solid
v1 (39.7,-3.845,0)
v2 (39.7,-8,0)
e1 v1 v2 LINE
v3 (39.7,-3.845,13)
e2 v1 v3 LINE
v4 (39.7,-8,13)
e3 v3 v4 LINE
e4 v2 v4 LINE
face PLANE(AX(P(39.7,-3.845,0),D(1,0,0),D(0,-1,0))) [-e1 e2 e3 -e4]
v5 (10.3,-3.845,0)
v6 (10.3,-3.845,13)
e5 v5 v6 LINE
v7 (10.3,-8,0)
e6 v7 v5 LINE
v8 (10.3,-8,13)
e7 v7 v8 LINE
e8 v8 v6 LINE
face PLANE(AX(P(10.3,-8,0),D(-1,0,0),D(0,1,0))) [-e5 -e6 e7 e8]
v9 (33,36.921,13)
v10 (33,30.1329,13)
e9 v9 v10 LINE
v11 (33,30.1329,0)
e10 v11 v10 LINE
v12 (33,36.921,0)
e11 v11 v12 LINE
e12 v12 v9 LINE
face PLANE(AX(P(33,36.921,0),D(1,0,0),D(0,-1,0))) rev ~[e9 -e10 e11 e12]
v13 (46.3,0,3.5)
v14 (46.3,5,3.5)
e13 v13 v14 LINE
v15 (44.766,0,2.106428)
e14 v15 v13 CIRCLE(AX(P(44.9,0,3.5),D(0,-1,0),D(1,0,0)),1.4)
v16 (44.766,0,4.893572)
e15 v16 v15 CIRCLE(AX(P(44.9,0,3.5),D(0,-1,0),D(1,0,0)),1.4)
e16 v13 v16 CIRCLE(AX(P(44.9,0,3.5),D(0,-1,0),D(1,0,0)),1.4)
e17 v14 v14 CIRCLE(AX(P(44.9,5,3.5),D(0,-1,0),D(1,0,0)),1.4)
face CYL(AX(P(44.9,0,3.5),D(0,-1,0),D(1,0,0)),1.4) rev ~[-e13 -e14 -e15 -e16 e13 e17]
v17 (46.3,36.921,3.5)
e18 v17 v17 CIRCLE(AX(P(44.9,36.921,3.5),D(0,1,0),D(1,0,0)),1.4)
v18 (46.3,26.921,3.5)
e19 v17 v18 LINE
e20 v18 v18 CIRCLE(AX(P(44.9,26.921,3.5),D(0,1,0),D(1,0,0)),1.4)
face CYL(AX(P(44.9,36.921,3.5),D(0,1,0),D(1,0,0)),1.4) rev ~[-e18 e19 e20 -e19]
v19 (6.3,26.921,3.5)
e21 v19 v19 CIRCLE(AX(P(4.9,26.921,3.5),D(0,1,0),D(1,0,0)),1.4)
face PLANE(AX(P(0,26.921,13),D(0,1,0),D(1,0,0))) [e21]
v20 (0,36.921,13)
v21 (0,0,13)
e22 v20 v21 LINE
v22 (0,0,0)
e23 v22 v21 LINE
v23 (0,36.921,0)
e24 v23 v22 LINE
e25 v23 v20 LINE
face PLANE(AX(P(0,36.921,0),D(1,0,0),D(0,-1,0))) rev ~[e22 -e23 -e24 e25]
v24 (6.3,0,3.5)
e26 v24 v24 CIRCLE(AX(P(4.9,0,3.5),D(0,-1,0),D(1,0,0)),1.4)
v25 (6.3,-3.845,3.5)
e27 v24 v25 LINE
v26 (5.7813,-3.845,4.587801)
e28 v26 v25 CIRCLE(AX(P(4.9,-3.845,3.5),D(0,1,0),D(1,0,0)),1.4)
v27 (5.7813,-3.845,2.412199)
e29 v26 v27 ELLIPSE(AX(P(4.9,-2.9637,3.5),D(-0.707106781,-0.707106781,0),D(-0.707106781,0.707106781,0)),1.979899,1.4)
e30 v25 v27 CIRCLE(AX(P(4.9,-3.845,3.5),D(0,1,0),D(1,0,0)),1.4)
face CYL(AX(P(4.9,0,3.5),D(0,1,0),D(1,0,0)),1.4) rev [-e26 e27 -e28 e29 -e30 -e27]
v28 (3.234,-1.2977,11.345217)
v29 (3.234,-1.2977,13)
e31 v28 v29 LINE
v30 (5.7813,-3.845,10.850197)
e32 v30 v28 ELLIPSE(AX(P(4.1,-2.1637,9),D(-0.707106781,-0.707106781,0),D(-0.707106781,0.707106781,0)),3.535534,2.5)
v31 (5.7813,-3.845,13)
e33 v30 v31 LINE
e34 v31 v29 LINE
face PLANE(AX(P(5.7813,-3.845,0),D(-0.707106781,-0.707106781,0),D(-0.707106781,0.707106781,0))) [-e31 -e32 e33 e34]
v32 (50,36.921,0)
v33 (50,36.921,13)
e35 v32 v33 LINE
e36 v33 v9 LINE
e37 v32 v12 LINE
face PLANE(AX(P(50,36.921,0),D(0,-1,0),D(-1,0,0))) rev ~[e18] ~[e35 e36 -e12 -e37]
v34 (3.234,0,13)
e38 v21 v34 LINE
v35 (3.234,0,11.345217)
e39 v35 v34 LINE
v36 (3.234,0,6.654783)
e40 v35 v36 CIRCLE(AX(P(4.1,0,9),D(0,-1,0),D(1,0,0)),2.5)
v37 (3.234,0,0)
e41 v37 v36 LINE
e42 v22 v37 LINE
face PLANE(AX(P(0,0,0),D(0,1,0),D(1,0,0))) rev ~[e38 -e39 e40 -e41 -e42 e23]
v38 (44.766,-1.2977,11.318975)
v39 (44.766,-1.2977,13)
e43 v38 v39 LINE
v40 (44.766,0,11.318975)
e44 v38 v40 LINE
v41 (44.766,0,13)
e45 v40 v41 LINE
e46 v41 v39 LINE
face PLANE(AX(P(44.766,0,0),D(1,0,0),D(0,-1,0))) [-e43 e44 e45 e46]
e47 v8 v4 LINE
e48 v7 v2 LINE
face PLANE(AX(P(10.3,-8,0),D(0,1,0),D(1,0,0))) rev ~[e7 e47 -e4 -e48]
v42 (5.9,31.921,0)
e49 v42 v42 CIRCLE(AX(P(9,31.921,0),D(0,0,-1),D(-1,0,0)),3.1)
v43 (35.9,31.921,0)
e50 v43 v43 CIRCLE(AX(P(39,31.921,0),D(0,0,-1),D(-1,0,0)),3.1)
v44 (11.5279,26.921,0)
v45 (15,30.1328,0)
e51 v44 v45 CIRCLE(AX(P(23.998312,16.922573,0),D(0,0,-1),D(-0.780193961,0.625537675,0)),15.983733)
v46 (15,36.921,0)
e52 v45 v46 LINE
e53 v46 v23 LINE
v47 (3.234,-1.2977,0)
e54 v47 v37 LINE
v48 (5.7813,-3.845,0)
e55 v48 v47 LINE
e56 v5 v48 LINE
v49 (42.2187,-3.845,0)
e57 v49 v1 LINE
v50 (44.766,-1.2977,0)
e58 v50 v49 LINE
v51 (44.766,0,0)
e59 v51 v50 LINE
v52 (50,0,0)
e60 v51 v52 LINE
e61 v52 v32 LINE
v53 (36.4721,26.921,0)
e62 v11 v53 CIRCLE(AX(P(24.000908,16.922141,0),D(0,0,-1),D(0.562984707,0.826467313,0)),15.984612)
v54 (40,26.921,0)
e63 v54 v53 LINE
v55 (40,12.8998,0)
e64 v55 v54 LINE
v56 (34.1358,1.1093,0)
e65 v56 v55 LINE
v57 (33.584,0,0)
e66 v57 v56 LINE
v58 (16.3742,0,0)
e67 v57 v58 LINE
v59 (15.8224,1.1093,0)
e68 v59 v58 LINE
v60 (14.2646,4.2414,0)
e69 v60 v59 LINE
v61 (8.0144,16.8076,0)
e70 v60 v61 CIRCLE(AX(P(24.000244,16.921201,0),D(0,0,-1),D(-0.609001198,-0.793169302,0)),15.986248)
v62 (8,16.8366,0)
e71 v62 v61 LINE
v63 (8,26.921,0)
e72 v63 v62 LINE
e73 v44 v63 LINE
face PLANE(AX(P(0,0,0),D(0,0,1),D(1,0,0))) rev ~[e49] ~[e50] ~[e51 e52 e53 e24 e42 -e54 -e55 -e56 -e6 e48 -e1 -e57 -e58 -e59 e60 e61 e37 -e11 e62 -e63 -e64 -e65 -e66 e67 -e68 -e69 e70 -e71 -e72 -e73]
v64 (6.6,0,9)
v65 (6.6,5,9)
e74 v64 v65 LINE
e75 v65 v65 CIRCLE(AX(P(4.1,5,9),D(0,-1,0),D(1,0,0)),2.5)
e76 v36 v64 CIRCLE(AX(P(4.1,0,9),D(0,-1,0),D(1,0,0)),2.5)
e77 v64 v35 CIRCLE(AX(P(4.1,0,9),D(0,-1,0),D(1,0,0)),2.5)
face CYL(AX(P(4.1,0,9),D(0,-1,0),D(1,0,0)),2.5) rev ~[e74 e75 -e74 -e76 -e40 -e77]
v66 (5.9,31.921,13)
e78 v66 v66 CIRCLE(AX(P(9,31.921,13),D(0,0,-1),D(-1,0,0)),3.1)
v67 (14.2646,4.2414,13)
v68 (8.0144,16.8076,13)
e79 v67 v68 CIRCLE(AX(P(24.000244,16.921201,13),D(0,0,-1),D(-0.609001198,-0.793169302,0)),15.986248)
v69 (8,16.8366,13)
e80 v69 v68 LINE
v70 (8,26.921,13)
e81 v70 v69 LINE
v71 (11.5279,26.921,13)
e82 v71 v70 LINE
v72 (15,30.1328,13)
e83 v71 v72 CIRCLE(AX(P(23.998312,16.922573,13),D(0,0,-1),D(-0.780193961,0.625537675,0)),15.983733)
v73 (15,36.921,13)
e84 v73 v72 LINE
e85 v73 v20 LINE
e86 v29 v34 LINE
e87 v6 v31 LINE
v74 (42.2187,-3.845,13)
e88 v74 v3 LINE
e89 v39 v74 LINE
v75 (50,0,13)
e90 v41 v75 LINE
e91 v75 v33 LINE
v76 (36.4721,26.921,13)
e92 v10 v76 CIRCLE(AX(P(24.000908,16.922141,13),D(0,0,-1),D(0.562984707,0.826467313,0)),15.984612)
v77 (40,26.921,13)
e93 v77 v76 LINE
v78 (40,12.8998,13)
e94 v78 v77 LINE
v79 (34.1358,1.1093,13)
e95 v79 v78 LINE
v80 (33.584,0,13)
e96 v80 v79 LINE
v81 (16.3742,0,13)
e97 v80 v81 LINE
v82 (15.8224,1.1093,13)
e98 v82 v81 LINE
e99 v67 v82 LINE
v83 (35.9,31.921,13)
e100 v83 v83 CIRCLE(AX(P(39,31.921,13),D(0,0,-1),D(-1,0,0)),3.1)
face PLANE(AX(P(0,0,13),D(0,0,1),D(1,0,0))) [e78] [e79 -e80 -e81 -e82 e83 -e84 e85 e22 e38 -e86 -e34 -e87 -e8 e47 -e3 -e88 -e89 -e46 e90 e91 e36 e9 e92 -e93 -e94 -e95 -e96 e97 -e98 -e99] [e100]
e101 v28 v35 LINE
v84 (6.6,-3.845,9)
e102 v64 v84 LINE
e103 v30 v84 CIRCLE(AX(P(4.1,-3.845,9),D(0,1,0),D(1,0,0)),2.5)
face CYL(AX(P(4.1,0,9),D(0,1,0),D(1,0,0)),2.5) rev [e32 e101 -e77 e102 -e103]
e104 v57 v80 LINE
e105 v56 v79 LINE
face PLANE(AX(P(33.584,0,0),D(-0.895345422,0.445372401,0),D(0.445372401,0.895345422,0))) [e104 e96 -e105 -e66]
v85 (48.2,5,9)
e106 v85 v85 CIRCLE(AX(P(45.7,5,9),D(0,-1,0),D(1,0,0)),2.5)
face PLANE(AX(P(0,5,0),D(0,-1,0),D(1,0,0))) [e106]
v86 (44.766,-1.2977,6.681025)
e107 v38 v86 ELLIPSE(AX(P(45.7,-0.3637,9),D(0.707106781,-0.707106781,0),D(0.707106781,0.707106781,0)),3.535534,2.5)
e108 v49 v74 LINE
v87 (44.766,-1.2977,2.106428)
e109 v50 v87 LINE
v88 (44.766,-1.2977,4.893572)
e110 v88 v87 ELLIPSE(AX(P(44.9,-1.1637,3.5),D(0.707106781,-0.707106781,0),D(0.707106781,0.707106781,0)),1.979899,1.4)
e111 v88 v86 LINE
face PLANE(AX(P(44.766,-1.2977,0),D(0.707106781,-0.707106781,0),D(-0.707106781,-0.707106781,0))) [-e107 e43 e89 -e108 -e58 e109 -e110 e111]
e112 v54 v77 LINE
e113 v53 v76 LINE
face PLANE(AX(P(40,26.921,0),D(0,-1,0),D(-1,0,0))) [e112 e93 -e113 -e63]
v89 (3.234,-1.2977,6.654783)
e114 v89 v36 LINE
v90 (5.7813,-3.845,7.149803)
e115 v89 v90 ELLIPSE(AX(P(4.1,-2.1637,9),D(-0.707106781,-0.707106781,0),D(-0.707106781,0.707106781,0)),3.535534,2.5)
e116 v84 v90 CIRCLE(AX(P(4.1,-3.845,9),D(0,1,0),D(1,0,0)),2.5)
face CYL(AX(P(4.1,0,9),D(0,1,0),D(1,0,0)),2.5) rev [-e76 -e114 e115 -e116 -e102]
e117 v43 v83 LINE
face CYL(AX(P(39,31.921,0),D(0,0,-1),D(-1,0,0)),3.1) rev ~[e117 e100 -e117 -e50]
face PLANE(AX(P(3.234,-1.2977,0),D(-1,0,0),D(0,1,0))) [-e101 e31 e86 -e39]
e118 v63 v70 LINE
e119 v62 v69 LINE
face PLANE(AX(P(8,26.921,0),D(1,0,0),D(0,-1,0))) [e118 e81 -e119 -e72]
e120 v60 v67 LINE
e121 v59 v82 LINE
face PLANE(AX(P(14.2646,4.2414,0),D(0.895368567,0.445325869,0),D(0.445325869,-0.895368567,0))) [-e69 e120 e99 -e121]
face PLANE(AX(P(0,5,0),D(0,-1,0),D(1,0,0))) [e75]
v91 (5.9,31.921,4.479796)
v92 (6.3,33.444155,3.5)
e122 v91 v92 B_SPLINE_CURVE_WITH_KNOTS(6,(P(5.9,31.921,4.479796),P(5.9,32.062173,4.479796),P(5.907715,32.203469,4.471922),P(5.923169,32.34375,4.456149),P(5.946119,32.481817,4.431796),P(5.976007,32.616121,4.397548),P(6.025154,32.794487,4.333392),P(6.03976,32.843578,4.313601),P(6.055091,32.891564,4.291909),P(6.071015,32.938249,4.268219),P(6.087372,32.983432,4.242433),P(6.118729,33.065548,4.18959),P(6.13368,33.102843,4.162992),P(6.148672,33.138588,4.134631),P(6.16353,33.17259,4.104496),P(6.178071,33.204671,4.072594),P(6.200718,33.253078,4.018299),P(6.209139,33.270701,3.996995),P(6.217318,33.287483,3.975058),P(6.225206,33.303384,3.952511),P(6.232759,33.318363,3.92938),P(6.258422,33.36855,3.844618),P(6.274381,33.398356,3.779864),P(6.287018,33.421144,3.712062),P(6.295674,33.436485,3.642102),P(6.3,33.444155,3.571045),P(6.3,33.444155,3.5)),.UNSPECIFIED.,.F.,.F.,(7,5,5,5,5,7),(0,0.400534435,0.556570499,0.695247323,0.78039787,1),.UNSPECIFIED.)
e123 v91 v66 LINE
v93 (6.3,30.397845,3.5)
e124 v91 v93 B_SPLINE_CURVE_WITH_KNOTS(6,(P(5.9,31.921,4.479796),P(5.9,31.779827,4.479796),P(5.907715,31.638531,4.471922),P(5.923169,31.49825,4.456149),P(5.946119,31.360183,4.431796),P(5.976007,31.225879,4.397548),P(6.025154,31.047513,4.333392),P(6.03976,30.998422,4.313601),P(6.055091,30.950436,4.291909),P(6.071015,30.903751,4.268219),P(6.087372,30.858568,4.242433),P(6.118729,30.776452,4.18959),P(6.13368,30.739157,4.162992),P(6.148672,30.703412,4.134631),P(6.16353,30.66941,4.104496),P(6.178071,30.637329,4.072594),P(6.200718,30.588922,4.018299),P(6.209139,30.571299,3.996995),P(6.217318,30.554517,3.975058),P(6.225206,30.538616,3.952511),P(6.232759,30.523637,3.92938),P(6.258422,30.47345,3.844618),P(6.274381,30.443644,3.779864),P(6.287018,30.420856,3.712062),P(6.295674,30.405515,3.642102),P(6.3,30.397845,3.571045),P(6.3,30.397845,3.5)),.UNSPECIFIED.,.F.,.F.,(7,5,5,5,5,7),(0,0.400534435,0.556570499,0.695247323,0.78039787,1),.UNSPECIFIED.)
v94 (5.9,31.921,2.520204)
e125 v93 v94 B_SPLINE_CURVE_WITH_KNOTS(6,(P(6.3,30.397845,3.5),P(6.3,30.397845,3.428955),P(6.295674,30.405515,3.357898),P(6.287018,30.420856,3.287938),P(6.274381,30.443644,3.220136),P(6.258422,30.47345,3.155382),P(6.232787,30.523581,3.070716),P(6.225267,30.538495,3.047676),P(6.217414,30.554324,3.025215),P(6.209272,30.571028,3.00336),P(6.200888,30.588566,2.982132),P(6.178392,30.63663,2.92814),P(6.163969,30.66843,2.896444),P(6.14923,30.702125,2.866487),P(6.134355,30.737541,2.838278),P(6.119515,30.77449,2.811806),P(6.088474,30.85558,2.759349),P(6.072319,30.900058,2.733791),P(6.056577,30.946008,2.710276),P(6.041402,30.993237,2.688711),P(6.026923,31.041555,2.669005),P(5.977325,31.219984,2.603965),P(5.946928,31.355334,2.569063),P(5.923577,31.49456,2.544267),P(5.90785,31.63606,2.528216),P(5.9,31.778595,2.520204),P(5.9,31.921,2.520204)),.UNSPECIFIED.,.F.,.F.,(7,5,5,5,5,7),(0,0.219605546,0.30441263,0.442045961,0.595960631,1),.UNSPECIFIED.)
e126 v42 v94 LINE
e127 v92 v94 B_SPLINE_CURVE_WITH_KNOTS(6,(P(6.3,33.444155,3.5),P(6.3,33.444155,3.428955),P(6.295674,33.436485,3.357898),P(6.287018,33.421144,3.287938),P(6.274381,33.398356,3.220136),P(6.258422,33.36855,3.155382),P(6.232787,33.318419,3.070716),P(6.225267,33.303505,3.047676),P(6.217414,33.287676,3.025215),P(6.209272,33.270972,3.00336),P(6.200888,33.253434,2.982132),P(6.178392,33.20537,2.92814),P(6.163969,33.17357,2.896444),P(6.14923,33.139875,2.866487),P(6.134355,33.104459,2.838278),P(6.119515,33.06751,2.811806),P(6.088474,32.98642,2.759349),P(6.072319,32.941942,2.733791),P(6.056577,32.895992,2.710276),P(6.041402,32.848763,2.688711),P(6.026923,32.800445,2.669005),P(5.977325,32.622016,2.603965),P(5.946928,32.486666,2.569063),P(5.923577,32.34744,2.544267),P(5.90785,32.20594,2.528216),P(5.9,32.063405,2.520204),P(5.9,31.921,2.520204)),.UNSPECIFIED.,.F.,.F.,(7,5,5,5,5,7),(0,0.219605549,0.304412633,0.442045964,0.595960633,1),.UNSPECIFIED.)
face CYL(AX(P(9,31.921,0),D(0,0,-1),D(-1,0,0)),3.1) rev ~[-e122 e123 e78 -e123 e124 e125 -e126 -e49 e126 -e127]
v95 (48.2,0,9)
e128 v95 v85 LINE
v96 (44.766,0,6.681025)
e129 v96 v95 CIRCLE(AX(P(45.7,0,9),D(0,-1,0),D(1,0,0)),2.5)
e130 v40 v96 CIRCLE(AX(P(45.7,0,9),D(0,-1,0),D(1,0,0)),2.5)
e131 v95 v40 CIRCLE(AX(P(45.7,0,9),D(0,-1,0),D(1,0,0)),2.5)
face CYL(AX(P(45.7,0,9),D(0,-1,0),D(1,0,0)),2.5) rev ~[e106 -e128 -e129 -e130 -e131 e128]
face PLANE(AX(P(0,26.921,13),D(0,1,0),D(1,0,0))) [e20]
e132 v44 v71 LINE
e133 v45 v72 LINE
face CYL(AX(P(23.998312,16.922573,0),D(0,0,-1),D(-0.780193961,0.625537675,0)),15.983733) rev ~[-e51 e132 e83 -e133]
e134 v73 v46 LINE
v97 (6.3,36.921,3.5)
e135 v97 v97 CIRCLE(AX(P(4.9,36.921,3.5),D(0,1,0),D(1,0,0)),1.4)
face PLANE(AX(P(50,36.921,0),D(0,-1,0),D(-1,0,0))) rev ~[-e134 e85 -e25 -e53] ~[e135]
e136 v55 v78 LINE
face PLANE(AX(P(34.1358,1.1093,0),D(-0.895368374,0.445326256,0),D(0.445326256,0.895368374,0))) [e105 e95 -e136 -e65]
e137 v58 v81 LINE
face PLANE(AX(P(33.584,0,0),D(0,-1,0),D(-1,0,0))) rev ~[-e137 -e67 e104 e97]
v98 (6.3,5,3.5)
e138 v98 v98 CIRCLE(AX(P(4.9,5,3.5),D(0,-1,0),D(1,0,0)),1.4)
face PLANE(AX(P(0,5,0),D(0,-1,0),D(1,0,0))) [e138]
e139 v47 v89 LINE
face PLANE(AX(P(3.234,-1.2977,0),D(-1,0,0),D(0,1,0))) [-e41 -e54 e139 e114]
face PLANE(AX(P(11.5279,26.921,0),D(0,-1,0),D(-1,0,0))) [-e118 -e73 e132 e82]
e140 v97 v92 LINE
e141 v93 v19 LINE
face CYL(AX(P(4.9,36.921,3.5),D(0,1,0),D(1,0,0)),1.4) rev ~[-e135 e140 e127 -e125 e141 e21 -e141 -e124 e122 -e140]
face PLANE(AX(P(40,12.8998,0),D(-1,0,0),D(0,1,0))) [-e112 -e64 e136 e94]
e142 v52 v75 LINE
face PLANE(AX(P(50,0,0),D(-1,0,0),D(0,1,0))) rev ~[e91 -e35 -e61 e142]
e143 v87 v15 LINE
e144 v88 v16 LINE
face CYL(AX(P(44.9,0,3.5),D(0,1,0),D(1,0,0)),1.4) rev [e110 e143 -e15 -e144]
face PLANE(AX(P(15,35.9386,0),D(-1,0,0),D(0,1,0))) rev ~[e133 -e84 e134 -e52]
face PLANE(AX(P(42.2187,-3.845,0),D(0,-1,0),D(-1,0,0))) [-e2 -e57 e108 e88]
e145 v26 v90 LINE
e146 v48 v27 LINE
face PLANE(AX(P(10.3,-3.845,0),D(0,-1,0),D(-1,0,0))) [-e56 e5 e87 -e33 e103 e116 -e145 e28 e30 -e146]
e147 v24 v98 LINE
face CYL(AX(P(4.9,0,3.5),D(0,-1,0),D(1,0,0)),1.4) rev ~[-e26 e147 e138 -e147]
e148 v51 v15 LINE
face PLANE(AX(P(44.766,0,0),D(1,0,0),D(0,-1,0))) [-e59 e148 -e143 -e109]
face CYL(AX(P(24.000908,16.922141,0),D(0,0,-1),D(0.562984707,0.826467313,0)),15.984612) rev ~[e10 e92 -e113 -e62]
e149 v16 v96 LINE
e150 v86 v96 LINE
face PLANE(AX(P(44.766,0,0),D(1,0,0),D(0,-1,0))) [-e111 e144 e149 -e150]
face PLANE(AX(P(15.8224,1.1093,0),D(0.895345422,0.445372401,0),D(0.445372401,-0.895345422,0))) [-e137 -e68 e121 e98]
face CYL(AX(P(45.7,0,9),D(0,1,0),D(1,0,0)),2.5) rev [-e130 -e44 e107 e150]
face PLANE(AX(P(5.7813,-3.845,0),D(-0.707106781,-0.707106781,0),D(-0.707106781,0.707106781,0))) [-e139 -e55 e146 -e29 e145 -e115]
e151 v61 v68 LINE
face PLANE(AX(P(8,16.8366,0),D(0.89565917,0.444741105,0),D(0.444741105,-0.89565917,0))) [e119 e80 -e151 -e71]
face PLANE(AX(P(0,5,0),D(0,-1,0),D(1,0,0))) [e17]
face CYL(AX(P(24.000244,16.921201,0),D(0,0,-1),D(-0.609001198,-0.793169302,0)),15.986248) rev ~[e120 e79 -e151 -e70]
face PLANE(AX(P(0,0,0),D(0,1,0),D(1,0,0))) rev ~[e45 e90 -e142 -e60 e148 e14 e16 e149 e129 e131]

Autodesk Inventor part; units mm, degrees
ref_plane "YZ Plane" through (0, 0, 0) normal (1, 0, 0) x (0, 1, 0)
ref_plane "XZ Plane" through (0, 0, 0) normal (0, 1, 0) x (-1, 0, 0)
ref_plane "XY Plane" through (0, 0, 0) normal (0, 0, 1) x (1, 0, 0)
sketch "Sketch1" plane through (0, 0, 0) normal (0, 0, 1) x (1, 0, 0)
  line L0 (0, 0) -> (50, 0)
  line L1 (50, 0) -> (50, 36.921)
  line L2 (50, 36.921) -> (0, 36.921)
  line L3 (0, 36.921) -> (0, 0)
  dimension "d0" = 36.921
  dimension "d1" = 50
extrude "Extrusion1" add sketch "Sketch1" along normal blind 13
sketch "Sketch4" plane through (0, 0, 0) normal (0, 0, -1) x (-1, 0, 0)
  line L0 (-10, -8) -> (-40, -8)
  line L1 (-45.066, 0) -> (-2.934, 0)
  line L2 (-10.3, -8) -> (-10.3, -3.845)
  line L3 (-10.3, -3.845) -> (-5.7813, -3.845)
  line L4 (-5.7813, -3.845) -> (-3.234, -1.2977)
  line L5 (-3.234, -1.2977) -> (-3.234, 0)
  line L6 (-44.766, 0) -> (-44.766, -1.2977)
  line L7 (-44.766, -1.2977) -> (-42.2187, -3.845)
  line L8 (-42.2187, -3.845) -> (-39.7, -3.845)
  line L9 (-39.7, -3.845) -> (-39.7, -8)
  line L10 (0, 0) -> (-2.934, 0)
  line L11 (0, 0) -> (-50, 0) projected
  point P0 (-45.066, -1.422)
  dimension "d27" = 2.934
extrude "Extrusion4" add sketch "Sketch4" against normal blind 13
sketch "Sketch2" plane through (0, 0, 0) normal (0, -1, 0) x (1, 0, 0)
  circle A0 centre (44.9, 3.5) radius 1.4
  circle A1 centre (4.9, 3.5) radius 1.4
  line L0 (50, 0) -> (50, 13) projected
  circle A2 centre (45.7, 9) radius 2.5
  circle A3 centre (4.1, 9) radius 2.5
  line L1 (0, 0) -> (0, 13) projected
  line L2 (0, 13) -> (50, 13) projected
  dimension "d4" = 2.8
  dimension "d5" = 2.8
  dimension "d7" = 40
  dimension "d8" = 5
  dimension "d9" = 5
  dimension "d10" = 5.5
  dimension "d13" = 4.1
  dimension "d14" = 5.5
  dimension "d15" = 4
  dimension "d16" = 4.9
  dimension "d17" = 41.6
  dimension "d20" = 4
extrude "Extrusion2" cut sketch "Sketch2" along normal blind 10 and the other way blind 5
sketch "Sketch7" plane through (0, 0, 0) normal (0, 0, -1) x (-1, 0, 0)
  arc A0 (17, 30.1329) -> (13.5279, 26.921) centre (26, 16.921) ccw
  line L0 (10, 26.921) -> (13.5279, 26.921)
  line L1 (10, 12.8998) -> (10, 26.921)
  line L2 (15.8642, 1.1093) -> (10, 12.8998)
  line L3 (16.416, 0) -> (33.6258, 0)
  line L4 (16.416, 0) -> (15.8642, 1.1093)
  line L5 (34.1776, 1.1093) -> (33.6258, 0)
  line L6 (35.7354, 4.2414) -> (34.1776, 1.1093)
  arc A1 (35.7354, 4.2414) -> (41.9856, 16.8076) centre (26, 16.921) ccw
  line L7 (42, 26.921) -> (42, 16.8366)
  line L8 (38.4721, 26.921) -> (42, 26.921)
  arc A2 (38.4721, 26.921) -> (35, 30.1328) centre (26, 16.921) ccw
  line L9 (35, 36.921) -> (35, 30.1328)
  line L10 (17, 30.1329) -> (17, 36.921)
  circle A3 centre (11, 31.921) radius 3.1
  circle A4 centre (41, 31.921) radius 3.1
  line L11 (42, 16.8366) -> (41.9856, 16.8076)
  line L12 (17, 36.921) -> (35, 36.921)
  line L13 (17, 35.9386) -> (35, 35.9386)
  line L14 (35, 35.9386) -> (35, 37.4386)
  line L15 (35, 37.4386) -> (17, 37.4386)
  line L16 (17, 37.4386) -> (17, 35.9386)
  line L17 (0, 36.921) -> (0, 0) projected
  line L18 (0, 36.921) -> (-15, 36.921)
  line L19 (0, 36.921) -> (15, 36.921) construction
  line L20 (-33, 35.9386) -> (-15, 35.9386)
  line L21 (-33, 36.921) -> (-15, 36.921)
  line L22 (-15, 37.4386) -> (-33, 37.4386)
  line L23 (-33, 37.4386) -> (-33, 35.9386)
  line L24 (-33, 30.1329) -> (-33, 36.921)
  arc A5 (-33, 30.1329) -> (-36.4721, 26.921) centre (-24, 16.921) ccw
  circle A6 centre (-39, 31.921) radius 3.1
  line L25 (-40, 26.921) -> (-36.4721, 26.921)
  line L26 (-40, 12.8998) -> (-40, 26.921)
  line L27 (-34.1358, 1.1093) -> (-40, 12.8998)
  line L28 (-33.584, 0) -> (-16.3742, 0)
  line L29 (-33.584, 0) -> (-34.1358, 1.1093)
  line L30 (-8, 16.8366) -> (-8.0144, 16.8076)
  arc A7 (-14.2646, 4.2414) -> (-8.0144, 16.8076) centre (-24, 16.921) ccw
  line L31 (-14.2646, 4.2414) -> (-15.8224, 1.1093)
  line L32 (-15.8224, 1.1093) -> (-16.3742, 0)
  line L33 (-8, 26.921) -> (-8, 16.8366)
  line L34 (-15, 35.9386) -> (-15, 37.4386)
  arc A8 (-11.5279, 26.921) -> (-15, 30.1328) centre (-24, 16.921) ccw
  line L35 (-11.5279, 26.921) -> (-8, 26.921)
  circle A9 centre (-9, 31.921) radius 3.1
  line L36 (-15, 36.921) -> (-15, 30.1328)
  point P0 (-35, 36.921)
  dimension "d33" = 1.5
  dimension "d34" = 15
  dimension "d35" = 180
  dimension "d39" = 1.5
extrude "Extrusion7" cut sketch "Sketch7" against normal blind 13 contours L23 L21 L34 L20 | L20 L36 A8 L35 L33 L30 A7 L31 L32 L28 L29 L27 L26 L25 A5 L24 | L23 L22 L34 L21 | A6 | A9
sketch "Sketch8" plane through (0, 36.921, 13) normal (0, 1, 0) x (1, 0, 0)
  circle A0 centre (4.9, 9.5) radius 1.4 projected
  circle A1 centre (44.9, 9.5) radius 1.4 projected
  point P0 (0, 13)
extrude "Extrusion8" cut sketch "Sketch8" against normal blind 10
properties part number "30_CUBE_openSIM_Rodholder"
